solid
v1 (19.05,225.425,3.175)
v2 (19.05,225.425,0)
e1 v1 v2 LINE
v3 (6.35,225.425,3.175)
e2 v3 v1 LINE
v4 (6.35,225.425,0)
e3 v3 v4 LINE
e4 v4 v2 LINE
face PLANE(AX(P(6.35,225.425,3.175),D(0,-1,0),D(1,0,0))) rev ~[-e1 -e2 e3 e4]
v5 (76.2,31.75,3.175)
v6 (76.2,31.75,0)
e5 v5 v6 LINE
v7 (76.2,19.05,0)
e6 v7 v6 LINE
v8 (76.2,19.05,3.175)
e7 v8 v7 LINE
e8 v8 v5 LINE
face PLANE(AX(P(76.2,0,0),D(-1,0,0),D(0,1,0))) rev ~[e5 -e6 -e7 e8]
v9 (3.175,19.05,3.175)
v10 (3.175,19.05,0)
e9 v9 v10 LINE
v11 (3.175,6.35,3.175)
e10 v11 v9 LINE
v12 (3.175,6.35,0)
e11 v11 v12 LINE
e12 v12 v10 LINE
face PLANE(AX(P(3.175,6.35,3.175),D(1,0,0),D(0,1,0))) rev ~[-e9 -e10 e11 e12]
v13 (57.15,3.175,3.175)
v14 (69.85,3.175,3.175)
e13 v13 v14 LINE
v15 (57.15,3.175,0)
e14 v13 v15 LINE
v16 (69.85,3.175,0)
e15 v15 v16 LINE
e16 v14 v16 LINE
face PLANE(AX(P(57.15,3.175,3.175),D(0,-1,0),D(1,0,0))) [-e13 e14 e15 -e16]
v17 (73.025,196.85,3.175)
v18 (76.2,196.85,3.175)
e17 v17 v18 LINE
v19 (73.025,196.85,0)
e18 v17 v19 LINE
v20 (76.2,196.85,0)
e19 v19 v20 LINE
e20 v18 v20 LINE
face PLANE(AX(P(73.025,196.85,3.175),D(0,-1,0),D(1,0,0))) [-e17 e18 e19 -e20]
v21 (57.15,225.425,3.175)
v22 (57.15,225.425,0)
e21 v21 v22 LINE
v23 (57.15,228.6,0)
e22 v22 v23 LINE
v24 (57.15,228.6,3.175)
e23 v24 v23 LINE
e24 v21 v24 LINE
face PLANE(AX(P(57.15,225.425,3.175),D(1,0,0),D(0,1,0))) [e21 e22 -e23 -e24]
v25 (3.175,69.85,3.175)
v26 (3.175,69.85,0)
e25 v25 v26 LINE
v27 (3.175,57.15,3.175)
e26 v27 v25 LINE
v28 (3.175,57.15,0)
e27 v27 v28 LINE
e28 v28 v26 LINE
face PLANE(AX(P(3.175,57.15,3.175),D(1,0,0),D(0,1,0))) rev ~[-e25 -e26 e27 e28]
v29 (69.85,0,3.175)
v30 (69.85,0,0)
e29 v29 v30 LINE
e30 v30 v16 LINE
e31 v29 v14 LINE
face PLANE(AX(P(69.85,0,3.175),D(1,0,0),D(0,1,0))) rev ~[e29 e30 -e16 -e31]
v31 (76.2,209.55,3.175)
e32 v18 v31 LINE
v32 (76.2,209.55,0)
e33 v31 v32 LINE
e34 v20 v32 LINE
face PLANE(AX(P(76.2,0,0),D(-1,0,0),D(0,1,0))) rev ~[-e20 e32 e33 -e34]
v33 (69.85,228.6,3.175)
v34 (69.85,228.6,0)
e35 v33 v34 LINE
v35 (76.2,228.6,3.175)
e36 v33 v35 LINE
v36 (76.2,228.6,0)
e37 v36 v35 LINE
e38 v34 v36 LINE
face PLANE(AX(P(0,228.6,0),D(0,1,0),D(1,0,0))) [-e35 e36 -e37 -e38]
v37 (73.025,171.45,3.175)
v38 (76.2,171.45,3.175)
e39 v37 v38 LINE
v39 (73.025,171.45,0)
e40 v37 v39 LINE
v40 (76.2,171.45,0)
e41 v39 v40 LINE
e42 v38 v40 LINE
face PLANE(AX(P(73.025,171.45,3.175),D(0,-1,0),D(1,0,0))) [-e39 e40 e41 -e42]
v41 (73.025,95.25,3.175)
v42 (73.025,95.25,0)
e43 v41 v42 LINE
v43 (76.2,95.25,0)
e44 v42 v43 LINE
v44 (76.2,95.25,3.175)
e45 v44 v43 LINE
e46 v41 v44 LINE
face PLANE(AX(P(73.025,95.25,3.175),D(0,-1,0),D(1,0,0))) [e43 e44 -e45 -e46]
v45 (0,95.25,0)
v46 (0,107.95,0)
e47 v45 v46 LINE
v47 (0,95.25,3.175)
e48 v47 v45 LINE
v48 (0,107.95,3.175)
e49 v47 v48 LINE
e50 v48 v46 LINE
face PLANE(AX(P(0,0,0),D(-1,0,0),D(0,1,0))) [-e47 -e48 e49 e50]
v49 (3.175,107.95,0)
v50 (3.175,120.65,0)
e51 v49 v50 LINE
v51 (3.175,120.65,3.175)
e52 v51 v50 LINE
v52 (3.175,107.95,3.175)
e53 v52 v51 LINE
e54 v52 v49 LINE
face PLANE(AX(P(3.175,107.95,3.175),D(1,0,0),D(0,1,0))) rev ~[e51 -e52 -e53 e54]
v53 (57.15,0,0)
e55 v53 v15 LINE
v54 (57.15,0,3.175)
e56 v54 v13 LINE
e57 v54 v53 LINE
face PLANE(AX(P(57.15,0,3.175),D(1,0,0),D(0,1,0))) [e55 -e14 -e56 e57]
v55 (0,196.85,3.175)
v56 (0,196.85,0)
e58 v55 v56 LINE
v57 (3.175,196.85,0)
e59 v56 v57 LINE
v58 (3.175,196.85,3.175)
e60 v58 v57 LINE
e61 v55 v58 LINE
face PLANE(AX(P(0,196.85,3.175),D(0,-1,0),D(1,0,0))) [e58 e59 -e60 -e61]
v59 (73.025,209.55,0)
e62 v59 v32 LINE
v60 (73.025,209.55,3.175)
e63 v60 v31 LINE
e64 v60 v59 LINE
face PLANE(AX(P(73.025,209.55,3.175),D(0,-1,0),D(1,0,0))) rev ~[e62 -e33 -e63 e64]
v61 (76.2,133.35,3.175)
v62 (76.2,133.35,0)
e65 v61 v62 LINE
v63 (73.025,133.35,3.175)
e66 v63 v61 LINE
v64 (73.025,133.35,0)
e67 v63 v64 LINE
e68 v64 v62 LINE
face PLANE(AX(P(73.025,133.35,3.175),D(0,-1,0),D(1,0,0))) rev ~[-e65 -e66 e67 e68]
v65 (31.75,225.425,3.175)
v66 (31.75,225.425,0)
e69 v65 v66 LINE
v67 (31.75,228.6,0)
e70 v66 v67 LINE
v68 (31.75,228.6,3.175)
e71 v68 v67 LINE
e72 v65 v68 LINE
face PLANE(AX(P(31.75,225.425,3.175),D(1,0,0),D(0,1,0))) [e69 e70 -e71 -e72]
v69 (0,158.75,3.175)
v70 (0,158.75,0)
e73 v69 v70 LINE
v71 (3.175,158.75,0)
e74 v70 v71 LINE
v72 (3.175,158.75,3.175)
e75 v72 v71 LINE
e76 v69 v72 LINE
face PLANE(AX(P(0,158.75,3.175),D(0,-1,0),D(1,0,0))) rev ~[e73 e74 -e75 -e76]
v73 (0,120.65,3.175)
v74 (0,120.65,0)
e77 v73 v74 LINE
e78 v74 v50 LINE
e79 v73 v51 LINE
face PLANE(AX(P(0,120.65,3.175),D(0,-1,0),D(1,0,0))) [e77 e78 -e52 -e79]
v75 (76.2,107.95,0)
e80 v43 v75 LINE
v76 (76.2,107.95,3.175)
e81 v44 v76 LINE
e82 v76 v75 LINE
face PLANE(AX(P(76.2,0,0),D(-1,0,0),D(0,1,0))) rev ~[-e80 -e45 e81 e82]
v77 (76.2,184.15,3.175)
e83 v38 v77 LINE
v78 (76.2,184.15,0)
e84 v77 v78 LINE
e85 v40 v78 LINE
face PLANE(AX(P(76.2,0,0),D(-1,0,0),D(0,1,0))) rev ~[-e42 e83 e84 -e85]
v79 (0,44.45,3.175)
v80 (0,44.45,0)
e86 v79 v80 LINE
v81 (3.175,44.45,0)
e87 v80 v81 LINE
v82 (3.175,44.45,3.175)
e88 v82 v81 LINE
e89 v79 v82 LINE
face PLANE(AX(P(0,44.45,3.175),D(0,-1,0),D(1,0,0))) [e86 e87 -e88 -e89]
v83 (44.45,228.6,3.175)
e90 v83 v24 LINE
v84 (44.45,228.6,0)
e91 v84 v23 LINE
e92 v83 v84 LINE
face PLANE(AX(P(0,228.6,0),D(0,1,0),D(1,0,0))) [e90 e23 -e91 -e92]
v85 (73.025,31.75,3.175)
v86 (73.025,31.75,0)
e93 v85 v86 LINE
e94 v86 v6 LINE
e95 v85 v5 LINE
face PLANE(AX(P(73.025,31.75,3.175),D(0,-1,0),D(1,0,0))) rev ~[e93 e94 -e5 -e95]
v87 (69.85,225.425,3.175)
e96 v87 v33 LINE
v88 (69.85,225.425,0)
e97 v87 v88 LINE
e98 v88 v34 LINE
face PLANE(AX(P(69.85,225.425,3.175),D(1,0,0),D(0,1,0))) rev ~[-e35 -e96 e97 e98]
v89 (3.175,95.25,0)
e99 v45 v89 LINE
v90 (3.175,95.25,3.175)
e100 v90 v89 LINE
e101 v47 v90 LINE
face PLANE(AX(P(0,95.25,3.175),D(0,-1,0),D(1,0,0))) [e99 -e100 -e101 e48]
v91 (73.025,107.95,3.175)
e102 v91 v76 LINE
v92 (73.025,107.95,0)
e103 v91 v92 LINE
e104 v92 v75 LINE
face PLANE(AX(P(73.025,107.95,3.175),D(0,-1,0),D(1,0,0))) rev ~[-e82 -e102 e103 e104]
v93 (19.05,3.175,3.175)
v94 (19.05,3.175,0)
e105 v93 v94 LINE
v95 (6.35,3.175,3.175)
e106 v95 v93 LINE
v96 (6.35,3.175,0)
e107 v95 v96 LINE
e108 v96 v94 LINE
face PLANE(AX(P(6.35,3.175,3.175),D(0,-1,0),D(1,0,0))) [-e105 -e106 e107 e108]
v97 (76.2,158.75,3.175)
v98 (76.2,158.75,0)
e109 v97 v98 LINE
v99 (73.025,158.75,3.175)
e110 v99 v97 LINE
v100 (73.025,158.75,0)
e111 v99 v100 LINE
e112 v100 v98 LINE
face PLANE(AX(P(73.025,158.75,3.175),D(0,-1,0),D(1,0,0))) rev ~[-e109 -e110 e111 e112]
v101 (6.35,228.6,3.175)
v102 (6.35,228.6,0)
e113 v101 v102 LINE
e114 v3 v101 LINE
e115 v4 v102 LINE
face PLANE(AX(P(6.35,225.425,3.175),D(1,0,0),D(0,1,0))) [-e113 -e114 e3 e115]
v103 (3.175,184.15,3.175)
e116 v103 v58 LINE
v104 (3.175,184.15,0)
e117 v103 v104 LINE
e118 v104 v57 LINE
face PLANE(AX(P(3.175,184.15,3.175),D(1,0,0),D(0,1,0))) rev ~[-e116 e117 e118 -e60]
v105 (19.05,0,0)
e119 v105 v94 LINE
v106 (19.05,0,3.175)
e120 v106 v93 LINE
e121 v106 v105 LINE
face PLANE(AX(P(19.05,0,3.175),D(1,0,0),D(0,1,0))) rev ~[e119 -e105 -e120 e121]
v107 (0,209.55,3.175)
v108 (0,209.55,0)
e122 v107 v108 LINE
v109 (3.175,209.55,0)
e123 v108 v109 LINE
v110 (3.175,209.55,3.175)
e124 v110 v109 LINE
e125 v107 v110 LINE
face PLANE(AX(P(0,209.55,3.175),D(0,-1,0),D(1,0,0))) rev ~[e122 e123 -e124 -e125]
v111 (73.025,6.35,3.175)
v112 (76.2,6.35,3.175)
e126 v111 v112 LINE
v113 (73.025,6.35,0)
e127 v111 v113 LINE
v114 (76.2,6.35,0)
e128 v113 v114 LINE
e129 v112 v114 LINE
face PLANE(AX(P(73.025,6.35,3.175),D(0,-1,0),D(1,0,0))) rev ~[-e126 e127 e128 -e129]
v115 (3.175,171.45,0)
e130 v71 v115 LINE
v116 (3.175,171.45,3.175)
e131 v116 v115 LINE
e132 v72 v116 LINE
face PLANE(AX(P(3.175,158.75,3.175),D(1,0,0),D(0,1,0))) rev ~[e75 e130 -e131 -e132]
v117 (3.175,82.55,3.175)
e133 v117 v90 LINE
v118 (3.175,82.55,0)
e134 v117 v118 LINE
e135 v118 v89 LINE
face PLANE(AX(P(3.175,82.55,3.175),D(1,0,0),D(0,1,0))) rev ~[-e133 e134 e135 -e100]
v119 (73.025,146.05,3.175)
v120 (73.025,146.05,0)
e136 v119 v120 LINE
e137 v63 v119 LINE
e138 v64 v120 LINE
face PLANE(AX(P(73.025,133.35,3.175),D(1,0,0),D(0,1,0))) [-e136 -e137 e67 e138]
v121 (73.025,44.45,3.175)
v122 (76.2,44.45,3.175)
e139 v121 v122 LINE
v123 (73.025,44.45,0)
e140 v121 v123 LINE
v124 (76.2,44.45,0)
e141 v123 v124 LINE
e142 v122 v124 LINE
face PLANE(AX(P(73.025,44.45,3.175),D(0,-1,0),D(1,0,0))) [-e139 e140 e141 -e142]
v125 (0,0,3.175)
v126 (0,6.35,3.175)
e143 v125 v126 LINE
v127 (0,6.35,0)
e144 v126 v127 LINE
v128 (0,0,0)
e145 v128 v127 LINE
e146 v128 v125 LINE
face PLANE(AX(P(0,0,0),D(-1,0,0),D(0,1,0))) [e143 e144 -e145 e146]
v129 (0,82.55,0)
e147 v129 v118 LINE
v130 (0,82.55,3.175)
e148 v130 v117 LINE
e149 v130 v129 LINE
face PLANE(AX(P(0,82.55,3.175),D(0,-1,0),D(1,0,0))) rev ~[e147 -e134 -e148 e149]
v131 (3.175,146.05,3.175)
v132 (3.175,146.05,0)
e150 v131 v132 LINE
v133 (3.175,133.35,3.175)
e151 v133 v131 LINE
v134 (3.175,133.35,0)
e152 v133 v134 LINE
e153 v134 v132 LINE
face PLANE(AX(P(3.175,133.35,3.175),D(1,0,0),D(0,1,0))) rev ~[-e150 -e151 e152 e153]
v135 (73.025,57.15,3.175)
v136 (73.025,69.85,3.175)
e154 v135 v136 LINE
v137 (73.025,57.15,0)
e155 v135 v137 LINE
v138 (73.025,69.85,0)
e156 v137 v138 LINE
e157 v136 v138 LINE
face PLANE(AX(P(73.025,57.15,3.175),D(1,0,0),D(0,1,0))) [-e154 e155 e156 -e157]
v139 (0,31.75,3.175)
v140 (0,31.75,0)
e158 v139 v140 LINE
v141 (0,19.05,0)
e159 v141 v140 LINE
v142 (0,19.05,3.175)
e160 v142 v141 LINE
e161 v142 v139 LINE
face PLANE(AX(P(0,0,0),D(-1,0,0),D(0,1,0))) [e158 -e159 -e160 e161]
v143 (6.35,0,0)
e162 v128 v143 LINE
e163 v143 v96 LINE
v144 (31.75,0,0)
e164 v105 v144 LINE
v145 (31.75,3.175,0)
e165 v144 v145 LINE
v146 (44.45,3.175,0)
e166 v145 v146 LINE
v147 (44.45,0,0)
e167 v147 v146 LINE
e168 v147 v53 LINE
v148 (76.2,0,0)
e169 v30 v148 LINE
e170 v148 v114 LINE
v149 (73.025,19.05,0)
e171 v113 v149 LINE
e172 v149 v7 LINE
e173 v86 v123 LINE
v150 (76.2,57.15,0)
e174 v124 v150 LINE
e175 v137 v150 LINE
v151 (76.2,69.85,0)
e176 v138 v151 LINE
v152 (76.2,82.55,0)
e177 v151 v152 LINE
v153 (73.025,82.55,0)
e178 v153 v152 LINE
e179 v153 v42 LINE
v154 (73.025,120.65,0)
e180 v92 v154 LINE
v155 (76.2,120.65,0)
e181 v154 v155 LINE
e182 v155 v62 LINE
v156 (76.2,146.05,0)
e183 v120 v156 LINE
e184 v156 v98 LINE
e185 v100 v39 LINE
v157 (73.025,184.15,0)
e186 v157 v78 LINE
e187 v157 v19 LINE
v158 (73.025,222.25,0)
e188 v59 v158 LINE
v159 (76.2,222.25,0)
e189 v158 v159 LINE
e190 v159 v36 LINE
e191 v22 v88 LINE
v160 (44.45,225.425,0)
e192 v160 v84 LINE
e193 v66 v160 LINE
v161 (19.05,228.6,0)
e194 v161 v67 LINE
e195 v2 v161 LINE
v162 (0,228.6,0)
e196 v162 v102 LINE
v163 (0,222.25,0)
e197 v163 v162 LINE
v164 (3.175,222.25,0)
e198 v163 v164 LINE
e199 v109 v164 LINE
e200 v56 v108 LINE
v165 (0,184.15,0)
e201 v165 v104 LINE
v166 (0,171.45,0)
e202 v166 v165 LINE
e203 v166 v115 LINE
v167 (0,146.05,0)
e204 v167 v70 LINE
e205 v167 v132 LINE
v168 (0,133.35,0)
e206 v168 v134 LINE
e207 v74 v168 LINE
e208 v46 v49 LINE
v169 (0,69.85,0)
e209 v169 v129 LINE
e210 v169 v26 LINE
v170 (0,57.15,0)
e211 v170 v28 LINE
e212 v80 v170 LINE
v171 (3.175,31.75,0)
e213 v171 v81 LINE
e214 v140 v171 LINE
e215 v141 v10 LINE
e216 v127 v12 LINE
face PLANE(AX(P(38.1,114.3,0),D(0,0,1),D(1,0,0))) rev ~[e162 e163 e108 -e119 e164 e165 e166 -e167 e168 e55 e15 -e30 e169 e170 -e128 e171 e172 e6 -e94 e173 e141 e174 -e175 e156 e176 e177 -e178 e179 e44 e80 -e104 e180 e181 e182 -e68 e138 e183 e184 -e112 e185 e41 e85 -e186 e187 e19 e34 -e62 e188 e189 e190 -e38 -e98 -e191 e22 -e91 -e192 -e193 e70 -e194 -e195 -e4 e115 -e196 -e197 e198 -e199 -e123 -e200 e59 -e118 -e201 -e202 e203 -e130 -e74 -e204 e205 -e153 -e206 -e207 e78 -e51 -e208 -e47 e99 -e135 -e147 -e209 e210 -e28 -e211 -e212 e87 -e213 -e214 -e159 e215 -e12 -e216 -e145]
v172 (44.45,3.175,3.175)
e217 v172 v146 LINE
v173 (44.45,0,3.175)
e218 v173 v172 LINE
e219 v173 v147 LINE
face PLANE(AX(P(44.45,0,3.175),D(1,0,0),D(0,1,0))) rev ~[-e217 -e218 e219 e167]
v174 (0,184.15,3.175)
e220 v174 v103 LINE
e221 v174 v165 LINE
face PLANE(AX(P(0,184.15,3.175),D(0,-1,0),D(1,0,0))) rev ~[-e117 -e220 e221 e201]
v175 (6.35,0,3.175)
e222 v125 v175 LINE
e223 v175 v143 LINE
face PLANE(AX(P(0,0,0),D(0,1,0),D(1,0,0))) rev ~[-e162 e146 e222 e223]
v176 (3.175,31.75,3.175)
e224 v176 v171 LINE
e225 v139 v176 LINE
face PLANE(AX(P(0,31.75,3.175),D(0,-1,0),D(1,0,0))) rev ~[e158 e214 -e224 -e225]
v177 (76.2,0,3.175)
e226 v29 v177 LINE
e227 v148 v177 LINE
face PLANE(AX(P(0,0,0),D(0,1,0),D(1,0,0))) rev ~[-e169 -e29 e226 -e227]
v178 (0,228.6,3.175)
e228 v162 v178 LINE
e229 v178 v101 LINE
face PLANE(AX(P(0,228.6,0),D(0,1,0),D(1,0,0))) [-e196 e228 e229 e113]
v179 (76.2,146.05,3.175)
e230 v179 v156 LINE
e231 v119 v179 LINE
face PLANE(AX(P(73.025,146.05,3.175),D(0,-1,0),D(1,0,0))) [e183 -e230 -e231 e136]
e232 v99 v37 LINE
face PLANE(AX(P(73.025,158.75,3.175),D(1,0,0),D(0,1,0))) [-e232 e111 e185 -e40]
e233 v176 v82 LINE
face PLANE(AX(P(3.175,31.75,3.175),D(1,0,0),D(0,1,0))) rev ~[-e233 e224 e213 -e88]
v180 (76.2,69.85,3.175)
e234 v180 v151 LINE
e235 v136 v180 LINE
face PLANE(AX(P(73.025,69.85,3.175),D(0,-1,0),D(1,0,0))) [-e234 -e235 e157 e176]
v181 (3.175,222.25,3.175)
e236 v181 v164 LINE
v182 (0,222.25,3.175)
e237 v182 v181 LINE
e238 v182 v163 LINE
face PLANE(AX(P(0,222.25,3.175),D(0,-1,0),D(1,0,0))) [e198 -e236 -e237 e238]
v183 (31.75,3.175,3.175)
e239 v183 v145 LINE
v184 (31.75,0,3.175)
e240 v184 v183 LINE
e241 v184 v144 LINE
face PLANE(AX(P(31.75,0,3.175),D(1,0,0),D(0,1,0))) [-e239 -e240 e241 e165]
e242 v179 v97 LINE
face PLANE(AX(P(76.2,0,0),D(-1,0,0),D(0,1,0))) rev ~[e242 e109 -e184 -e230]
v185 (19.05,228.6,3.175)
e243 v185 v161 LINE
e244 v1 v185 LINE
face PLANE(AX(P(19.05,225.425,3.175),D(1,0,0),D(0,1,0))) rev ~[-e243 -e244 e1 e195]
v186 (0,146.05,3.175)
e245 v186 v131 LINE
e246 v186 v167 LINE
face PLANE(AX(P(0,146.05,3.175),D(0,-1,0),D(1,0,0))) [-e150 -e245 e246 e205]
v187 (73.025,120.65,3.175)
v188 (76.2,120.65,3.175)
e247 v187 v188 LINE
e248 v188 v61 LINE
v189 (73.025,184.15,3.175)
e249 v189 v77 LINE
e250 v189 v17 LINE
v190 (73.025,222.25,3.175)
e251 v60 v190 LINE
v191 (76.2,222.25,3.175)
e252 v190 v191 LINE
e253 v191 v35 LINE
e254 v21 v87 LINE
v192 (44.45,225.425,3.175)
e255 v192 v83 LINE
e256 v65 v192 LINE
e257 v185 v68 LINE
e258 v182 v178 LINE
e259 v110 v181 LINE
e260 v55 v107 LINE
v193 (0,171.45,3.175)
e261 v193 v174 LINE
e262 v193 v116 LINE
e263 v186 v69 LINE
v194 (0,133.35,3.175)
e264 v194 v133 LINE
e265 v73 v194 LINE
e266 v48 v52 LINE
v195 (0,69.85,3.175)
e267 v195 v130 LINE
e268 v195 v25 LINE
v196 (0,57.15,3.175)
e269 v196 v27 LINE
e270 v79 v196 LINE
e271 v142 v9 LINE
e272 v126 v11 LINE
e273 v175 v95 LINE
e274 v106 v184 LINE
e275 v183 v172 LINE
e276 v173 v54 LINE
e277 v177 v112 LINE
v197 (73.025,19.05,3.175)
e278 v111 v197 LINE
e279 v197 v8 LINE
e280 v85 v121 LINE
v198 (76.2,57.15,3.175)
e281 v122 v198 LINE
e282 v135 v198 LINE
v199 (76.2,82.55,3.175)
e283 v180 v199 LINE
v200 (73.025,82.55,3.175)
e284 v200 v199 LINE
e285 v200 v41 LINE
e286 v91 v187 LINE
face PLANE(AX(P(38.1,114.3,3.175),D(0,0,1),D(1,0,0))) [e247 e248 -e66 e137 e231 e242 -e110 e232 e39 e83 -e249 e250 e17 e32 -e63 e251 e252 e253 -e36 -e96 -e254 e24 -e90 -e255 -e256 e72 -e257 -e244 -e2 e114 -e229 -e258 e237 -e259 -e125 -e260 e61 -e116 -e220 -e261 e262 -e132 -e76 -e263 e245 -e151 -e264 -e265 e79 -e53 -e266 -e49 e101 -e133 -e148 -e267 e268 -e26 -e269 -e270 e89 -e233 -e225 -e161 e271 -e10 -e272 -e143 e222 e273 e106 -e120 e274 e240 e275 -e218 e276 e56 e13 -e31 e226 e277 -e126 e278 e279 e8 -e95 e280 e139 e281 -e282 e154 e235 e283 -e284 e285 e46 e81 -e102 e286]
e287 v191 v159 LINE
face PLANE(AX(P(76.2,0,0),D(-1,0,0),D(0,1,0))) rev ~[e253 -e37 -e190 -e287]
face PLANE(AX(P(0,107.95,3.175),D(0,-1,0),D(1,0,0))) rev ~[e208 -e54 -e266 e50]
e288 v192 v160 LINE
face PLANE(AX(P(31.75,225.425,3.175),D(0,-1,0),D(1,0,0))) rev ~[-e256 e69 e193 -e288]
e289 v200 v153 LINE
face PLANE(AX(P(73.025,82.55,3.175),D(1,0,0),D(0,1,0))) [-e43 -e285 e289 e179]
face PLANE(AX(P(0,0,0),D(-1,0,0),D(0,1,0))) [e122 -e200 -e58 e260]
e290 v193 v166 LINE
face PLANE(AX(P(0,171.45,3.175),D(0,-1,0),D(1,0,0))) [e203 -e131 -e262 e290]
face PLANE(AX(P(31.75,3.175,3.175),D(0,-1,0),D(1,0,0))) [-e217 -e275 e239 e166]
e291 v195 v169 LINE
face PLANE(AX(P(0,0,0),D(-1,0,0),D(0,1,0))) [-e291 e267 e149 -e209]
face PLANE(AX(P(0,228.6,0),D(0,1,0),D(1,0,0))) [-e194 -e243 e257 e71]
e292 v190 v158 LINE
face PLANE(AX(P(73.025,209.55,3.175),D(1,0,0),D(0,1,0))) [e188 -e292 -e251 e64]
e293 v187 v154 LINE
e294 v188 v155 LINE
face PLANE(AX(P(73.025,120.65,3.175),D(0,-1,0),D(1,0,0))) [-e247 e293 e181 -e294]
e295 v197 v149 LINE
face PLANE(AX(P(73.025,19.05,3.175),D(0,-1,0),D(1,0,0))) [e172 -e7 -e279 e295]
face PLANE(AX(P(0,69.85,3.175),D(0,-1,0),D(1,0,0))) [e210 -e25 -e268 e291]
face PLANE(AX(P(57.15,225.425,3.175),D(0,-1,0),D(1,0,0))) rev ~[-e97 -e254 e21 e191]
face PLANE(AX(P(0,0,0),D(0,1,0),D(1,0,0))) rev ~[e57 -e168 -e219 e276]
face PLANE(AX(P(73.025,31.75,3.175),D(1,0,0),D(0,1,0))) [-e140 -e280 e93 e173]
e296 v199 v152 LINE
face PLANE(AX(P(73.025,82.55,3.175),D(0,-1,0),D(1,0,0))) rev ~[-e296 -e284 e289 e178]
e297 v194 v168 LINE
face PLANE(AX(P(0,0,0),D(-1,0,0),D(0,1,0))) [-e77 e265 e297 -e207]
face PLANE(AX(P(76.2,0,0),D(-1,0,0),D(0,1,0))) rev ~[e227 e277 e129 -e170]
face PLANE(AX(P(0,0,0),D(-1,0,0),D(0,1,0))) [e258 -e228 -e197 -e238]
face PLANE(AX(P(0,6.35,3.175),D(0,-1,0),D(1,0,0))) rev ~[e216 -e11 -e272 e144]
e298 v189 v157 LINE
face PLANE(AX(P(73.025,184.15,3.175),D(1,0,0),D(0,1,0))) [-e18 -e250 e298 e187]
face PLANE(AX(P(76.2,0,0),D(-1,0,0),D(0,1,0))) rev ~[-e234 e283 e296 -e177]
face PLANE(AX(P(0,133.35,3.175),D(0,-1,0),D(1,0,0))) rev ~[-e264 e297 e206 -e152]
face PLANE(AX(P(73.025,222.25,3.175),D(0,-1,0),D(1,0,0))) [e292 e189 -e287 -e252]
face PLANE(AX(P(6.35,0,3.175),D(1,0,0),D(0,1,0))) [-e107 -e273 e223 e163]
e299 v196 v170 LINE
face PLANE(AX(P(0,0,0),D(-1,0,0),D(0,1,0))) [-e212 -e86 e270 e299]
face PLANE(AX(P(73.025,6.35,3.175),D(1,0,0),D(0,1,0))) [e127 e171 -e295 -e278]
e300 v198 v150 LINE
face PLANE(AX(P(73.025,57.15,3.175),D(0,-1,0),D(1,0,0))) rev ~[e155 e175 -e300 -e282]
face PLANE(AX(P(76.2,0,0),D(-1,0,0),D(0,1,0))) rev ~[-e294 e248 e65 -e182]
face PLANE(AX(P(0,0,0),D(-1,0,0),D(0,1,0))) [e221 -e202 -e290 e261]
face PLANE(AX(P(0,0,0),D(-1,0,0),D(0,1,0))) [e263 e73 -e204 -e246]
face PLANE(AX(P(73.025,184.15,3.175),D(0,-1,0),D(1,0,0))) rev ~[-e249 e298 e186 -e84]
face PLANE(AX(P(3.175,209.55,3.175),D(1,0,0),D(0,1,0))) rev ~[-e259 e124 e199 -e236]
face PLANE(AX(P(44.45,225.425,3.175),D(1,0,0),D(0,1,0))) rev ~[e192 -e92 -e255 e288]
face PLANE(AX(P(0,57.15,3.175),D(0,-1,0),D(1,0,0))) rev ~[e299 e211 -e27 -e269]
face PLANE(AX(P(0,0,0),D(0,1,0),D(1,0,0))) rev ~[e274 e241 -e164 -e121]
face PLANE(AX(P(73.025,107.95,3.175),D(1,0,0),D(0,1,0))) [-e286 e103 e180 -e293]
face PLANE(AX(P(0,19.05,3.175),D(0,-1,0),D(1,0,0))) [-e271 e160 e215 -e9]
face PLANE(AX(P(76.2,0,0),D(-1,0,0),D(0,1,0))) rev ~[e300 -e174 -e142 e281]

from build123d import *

# Parameters (mm, degrees)
SKETCH1_W            = 76.2
SKETCH1_H            = 228.6
EXTRUDE1_DEPTH       = 3.175
SKETCH3_W            = 3.175
SKETCH3_H            = 12.7
CUT_EXTRUDE1_DEPTH   = 3.175
LPATTERN1_COUNT      = 9
LPATTERN1_PITCH      = 25.4
LPATTERN1_COUNT_DIR2 = 2
LPATTERN1_PITCH_DIR2 = 73.025
SKETCH4_W            = 12.7
SKETCH4_H            = 3.175
CUT_EXTRUDE2_DEPTH   = 3.175
LPATTERN2_COUNT      = 3
LPATTERN2_PITCH      = 25.4
LPATTERN2_COUNT_DIR2 = 2
LPATTERN2_PITCH_DIR2 = 225.425


with BuildPart() as part:
    # Sketch1 → Extrude1 (new body)
    with BuildSketch(Plane.XY):
        with Locations((38.1, 114.3)):
            Rectangle(SKETCH1_W, SKETCH1_H)
    extrude(amount=EXTRUDE1_DEPTH)

    # Sketch3 → Cut-Extrude1 (cut)
    with BuildSketch(Plane.XY.offset(3.175)):
        with Locations((74.6125, 215.9)):
            Rectangle(SKETCH3_W, SKETCH3_H)
    cut_extrude1 = extrude(amount=-CUT_EXTRUDE1_DEPTH, mode=Mode.SUBTRACT)

    # LPattern1: Cut-Extrude1 9 × 2
    with Locations(*[(-j * LPATTERN1_PITCH_DIR2, -i * LPATTERN1_PITCH, 0) for i in range(LPATTERN1_COUNT) for j in range(LPATTERN1_COUNT_DIR2) if (i, j) != (0, 0)]):
        add(cut_extrude1, mode=Mode.SUBTRACT)

    # Sketch4 → Cut-Extrude2 (cut)
    with BuildSketch(Plane.XY.offset(3.175)):
        with Locations((63.5, 227.0125)):
            Rectangle(SKETCH4_W, SKETCH4_H)
    cut_extrude2 = extrude(amount=-CUT_EXTRUDE2_DEPTH, mode=Mode.SUBTRACT)

    # LPattern2: Cut-Extrude2 3 × 2
    with Locations(*[(-i * LPATTERN2_PITCH, -j * LPATTERN2_PITCH_DIR2, 0) for i in range(LPATTERN2_COUNT) for j in range(LPATTERN2_COUNT_DIR2) if (i, j) != (0, 0)]):
        add(cut_extrude2, mode=Mode.SUBTRACT)


solid = part.part
